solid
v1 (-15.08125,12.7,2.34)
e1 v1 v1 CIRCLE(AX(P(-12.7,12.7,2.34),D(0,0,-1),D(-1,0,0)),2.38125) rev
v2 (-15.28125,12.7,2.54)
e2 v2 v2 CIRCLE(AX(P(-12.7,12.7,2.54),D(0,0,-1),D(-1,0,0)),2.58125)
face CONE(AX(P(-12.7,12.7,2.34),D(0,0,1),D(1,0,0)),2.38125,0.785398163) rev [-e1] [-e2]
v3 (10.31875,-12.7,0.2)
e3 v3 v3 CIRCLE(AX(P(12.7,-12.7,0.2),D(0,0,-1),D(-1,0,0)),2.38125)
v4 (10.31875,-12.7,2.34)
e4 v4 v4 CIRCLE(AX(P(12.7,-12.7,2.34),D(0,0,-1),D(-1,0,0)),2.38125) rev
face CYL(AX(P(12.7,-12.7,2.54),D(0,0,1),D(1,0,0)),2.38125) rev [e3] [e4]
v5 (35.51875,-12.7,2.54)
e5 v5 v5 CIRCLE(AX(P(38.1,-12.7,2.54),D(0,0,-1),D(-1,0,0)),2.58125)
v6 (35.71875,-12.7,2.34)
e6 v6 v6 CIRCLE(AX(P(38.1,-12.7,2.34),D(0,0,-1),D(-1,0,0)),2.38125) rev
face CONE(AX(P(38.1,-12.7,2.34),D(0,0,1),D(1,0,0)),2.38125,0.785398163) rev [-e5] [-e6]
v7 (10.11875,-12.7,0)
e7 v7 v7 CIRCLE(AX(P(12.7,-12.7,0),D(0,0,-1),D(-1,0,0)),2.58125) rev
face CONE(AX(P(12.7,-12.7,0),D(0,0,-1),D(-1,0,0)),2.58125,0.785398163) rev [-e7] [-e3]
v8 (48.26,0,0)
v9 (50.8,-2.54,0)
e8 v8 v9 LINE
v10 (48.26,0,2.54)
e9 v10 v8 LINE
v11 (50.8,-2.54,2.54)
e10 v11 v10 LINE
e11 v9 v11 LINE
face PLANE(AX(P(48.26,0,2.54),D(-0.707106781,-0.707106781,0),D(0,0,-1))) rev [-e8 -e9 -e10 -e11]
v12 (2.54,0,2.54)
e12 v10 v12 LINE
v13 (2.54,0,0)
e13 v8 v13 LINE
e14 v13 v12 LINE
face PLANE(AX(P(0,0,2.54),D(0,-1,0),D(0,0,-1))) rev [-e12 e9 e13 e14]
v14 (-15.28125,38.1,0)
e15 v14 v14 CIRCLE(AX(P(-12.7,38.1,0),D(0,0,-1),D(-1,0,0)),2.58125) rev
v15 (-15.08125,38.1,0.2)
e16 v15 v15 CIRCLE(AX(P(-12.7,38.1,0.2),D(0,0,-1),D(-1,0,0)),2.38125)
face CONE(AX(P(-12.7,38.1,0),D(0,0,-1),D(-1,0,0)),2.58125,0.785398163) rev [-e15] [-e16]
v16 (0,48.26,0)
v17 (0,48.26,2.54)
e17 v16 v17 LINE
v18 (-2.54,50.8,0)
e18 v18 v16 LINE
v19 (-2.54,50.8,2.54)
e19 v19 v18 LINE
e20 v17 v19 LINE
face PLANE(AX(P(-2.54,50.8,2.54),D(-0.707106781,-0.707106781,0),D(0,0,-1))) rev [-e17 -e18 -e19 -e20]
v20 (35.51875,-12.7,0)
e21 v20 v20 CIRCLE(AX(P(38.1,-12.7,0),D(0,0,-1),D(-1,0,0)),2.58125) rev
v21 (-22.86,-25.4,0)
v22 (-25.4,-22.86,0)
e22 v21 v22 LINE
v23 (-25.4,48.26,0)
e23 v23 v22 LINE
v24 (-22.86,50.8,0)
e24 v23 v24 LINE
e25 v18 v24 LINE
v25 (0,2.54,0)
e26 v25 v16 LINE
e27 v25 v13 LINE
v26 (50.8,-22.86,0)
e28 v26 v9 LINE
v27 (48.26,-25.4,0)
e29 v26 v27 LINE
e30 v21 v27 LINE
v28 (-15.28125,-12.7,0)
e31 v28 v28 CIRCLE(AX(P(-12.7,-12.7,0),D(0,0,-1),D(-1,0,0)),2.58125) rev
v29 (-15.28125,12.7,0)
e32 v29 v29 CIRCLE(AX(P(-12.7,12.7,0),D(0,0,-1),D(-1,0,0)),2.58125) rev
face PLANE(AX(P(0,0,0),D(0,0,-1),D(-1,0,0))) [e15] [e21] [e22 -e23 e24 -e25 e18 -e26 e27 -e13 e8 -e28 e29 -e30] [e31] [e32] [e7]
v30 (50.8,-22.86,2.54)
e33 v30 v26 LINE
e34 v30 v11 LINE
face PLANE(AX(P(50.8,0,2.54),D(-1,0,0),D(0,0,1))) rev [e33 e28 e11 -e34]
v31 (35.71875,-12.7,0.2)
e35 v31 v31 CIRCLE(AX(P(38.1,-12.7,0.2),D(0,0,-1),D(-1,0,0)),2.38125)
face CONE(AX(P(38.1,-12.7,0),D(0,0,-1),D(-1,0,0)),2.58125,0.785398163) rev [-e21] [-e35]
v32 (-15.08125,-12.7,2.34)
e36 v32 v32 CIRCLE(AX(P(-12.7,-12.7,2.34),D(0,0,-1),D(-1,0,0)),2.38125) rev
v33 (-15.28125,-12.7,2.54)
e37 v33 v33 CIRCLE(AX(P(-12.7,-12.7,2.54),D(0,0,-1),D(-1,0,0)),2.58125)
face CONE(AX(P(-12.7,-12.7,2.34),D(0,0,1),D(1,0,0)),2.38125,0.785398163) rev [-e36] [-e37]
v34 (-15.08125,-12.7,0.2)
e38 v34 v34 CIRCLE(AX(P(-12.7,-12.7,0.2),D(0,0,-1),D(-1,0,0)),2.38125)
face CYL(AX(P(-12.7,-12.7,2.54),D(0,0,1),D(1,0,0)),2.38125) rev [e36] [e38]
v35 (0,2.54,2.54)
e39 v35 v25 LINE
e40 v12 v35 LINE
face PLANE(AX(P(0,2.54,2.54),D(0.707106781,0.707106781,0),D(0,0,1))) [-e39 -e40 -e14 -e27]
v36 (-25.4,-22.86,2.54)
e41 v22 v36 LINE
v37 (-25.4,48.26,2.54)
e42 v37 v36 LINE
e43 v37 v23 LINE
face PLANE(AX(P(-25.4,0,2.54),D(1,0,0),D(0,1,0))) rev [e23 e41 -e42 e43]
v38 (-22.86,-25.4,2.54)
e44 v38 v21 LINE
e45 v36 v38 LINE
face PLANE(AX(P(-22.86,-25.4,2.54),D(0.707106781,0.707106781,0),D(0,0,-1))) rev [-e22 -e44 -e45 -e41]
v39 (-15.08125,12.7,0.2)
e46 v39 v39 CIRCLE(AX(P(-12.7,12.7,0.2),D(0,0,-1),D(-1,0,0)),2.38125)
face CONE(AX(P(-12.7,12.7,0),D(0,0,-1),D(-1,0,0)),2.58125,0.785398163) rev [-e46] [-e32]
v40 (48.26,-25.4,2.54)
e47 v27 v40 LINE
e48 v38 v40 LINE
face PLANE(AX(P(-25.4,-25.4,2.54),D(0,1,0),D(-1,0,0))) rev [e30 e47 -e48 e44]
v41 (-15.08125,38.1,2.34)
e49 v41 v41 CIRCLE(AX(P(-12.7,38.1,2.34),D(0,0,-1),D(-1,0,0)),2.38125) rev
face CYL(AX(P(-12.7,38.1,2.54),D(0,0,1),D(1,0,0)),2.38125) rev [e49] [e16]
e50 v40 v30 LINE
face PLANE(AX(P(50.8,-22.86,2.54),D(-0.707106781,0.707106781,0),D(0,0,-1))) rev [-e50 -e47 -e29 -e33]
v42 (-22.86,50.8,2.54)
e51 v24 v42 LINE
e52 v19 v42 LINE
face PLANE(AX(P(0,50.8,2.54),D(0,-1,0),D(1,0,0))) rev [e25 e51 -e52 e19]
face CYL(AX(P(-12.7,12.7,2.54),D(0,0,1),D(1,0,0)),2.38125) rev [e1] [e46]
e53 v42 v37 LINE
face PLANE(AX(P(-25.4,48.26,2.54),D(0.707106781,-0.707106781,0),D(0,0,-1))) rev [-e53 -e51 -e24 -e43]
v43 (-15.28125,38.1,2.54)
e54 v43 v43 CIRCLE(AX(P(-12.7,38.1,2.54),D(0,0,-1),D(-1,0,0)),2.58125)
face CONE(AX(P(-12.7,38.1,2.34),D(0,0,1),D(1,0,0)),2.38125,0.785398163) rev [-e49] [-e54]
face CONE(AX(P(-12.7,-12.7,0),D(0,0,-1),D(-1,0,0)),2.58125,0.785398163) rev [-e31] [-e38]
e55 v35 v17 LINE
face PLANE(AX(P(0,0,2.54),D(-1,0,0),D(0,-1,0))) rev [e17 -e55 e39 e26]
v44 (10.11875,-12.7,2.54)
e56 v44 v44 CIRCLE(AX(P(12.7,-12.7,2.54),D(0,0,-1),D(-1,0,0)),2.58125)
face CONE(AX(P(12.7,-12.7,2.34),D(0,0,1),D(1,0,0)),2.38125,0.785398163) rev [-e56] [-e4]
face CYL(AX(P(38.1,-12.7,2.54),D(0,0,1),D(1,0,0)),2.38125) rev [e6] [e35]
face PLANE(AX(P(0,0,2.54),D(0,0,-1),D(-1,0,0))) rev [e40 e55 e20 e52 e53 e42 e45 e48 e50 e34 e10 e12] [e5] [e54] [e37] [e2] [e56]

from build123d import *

# Parameters (mm, degrees)
BOSS_EXTRUDE1_DEPTH            = 2.54
F_3_16_0_1875_DIAMETER_HOLE1_D = 4.7625
CHAMFER1_SIZE                  = 2.54
CHAMFER2_SIZE                  = 0.2


with BuildPart() as part:
    # Sketch1 → Boss-Extrude1 (new body)
    with BuildSketch(Plane.XY):
        Polygon((0, 0), (0, 50.8), (-25.4, 50.8), (-25.4, 0), (-25.4, -25.4), (50.8, -25.4), (50.8, 0), align=None)
    extrude(amount=BOSS_EXTRUDE1_DEPTH)

    # 3/16 (0.1875) Diameter Hole1 (through all)
    with Locations(Plane.XY.offset(2.54)):
        with Locations((-12.7, 38.1), (-12.7, 12.7), (-12.7, -12.7), (12.7, -12.7), (38.1, -12.7)):
            Hole(F_3_16_0_1875_DIAMETER_HOLE1_D / 2)

    # Chamfer1
    chamfer1_edges = [part.edges().sort_by_distance(p)[0] for p in [
        (50.8, 0, 1.27),
        (50.8, -25.4, 1.27),
        (-25.4, -25.4, 1.27),
        (-25.4, 50.8, 1.27),
        (0, 50.8, 1.27),
        (0, 0, 1.27),
    ]]
    chamfer(chamfer1_edges, length=CHAMFER1_SIZE)

    # Chamfer2
    chamfer2_edges = [part.edges().sort_by_distance(p)[0] for p in [
        (40.48125, -12.7, 2.54),
        (40.48125, -12.7, 0),
        (15.08125, -12.7, 2.54),
        (15.08125, -12.7, 0),
        (-10.31875, -12.7, 2.54),
        (-10.31875, -12.7, 0),
        (-10.31875, 12.7, 2.54),
        (-10.31875, 12.7, 0),
        (-10.31875, 38.1, 2.54),
        (-10.31875, 38.1, 0),
    ]]
    chamfer(chamfer2_edges, length=CHAMFER2_SIZE)


solid = part.part
